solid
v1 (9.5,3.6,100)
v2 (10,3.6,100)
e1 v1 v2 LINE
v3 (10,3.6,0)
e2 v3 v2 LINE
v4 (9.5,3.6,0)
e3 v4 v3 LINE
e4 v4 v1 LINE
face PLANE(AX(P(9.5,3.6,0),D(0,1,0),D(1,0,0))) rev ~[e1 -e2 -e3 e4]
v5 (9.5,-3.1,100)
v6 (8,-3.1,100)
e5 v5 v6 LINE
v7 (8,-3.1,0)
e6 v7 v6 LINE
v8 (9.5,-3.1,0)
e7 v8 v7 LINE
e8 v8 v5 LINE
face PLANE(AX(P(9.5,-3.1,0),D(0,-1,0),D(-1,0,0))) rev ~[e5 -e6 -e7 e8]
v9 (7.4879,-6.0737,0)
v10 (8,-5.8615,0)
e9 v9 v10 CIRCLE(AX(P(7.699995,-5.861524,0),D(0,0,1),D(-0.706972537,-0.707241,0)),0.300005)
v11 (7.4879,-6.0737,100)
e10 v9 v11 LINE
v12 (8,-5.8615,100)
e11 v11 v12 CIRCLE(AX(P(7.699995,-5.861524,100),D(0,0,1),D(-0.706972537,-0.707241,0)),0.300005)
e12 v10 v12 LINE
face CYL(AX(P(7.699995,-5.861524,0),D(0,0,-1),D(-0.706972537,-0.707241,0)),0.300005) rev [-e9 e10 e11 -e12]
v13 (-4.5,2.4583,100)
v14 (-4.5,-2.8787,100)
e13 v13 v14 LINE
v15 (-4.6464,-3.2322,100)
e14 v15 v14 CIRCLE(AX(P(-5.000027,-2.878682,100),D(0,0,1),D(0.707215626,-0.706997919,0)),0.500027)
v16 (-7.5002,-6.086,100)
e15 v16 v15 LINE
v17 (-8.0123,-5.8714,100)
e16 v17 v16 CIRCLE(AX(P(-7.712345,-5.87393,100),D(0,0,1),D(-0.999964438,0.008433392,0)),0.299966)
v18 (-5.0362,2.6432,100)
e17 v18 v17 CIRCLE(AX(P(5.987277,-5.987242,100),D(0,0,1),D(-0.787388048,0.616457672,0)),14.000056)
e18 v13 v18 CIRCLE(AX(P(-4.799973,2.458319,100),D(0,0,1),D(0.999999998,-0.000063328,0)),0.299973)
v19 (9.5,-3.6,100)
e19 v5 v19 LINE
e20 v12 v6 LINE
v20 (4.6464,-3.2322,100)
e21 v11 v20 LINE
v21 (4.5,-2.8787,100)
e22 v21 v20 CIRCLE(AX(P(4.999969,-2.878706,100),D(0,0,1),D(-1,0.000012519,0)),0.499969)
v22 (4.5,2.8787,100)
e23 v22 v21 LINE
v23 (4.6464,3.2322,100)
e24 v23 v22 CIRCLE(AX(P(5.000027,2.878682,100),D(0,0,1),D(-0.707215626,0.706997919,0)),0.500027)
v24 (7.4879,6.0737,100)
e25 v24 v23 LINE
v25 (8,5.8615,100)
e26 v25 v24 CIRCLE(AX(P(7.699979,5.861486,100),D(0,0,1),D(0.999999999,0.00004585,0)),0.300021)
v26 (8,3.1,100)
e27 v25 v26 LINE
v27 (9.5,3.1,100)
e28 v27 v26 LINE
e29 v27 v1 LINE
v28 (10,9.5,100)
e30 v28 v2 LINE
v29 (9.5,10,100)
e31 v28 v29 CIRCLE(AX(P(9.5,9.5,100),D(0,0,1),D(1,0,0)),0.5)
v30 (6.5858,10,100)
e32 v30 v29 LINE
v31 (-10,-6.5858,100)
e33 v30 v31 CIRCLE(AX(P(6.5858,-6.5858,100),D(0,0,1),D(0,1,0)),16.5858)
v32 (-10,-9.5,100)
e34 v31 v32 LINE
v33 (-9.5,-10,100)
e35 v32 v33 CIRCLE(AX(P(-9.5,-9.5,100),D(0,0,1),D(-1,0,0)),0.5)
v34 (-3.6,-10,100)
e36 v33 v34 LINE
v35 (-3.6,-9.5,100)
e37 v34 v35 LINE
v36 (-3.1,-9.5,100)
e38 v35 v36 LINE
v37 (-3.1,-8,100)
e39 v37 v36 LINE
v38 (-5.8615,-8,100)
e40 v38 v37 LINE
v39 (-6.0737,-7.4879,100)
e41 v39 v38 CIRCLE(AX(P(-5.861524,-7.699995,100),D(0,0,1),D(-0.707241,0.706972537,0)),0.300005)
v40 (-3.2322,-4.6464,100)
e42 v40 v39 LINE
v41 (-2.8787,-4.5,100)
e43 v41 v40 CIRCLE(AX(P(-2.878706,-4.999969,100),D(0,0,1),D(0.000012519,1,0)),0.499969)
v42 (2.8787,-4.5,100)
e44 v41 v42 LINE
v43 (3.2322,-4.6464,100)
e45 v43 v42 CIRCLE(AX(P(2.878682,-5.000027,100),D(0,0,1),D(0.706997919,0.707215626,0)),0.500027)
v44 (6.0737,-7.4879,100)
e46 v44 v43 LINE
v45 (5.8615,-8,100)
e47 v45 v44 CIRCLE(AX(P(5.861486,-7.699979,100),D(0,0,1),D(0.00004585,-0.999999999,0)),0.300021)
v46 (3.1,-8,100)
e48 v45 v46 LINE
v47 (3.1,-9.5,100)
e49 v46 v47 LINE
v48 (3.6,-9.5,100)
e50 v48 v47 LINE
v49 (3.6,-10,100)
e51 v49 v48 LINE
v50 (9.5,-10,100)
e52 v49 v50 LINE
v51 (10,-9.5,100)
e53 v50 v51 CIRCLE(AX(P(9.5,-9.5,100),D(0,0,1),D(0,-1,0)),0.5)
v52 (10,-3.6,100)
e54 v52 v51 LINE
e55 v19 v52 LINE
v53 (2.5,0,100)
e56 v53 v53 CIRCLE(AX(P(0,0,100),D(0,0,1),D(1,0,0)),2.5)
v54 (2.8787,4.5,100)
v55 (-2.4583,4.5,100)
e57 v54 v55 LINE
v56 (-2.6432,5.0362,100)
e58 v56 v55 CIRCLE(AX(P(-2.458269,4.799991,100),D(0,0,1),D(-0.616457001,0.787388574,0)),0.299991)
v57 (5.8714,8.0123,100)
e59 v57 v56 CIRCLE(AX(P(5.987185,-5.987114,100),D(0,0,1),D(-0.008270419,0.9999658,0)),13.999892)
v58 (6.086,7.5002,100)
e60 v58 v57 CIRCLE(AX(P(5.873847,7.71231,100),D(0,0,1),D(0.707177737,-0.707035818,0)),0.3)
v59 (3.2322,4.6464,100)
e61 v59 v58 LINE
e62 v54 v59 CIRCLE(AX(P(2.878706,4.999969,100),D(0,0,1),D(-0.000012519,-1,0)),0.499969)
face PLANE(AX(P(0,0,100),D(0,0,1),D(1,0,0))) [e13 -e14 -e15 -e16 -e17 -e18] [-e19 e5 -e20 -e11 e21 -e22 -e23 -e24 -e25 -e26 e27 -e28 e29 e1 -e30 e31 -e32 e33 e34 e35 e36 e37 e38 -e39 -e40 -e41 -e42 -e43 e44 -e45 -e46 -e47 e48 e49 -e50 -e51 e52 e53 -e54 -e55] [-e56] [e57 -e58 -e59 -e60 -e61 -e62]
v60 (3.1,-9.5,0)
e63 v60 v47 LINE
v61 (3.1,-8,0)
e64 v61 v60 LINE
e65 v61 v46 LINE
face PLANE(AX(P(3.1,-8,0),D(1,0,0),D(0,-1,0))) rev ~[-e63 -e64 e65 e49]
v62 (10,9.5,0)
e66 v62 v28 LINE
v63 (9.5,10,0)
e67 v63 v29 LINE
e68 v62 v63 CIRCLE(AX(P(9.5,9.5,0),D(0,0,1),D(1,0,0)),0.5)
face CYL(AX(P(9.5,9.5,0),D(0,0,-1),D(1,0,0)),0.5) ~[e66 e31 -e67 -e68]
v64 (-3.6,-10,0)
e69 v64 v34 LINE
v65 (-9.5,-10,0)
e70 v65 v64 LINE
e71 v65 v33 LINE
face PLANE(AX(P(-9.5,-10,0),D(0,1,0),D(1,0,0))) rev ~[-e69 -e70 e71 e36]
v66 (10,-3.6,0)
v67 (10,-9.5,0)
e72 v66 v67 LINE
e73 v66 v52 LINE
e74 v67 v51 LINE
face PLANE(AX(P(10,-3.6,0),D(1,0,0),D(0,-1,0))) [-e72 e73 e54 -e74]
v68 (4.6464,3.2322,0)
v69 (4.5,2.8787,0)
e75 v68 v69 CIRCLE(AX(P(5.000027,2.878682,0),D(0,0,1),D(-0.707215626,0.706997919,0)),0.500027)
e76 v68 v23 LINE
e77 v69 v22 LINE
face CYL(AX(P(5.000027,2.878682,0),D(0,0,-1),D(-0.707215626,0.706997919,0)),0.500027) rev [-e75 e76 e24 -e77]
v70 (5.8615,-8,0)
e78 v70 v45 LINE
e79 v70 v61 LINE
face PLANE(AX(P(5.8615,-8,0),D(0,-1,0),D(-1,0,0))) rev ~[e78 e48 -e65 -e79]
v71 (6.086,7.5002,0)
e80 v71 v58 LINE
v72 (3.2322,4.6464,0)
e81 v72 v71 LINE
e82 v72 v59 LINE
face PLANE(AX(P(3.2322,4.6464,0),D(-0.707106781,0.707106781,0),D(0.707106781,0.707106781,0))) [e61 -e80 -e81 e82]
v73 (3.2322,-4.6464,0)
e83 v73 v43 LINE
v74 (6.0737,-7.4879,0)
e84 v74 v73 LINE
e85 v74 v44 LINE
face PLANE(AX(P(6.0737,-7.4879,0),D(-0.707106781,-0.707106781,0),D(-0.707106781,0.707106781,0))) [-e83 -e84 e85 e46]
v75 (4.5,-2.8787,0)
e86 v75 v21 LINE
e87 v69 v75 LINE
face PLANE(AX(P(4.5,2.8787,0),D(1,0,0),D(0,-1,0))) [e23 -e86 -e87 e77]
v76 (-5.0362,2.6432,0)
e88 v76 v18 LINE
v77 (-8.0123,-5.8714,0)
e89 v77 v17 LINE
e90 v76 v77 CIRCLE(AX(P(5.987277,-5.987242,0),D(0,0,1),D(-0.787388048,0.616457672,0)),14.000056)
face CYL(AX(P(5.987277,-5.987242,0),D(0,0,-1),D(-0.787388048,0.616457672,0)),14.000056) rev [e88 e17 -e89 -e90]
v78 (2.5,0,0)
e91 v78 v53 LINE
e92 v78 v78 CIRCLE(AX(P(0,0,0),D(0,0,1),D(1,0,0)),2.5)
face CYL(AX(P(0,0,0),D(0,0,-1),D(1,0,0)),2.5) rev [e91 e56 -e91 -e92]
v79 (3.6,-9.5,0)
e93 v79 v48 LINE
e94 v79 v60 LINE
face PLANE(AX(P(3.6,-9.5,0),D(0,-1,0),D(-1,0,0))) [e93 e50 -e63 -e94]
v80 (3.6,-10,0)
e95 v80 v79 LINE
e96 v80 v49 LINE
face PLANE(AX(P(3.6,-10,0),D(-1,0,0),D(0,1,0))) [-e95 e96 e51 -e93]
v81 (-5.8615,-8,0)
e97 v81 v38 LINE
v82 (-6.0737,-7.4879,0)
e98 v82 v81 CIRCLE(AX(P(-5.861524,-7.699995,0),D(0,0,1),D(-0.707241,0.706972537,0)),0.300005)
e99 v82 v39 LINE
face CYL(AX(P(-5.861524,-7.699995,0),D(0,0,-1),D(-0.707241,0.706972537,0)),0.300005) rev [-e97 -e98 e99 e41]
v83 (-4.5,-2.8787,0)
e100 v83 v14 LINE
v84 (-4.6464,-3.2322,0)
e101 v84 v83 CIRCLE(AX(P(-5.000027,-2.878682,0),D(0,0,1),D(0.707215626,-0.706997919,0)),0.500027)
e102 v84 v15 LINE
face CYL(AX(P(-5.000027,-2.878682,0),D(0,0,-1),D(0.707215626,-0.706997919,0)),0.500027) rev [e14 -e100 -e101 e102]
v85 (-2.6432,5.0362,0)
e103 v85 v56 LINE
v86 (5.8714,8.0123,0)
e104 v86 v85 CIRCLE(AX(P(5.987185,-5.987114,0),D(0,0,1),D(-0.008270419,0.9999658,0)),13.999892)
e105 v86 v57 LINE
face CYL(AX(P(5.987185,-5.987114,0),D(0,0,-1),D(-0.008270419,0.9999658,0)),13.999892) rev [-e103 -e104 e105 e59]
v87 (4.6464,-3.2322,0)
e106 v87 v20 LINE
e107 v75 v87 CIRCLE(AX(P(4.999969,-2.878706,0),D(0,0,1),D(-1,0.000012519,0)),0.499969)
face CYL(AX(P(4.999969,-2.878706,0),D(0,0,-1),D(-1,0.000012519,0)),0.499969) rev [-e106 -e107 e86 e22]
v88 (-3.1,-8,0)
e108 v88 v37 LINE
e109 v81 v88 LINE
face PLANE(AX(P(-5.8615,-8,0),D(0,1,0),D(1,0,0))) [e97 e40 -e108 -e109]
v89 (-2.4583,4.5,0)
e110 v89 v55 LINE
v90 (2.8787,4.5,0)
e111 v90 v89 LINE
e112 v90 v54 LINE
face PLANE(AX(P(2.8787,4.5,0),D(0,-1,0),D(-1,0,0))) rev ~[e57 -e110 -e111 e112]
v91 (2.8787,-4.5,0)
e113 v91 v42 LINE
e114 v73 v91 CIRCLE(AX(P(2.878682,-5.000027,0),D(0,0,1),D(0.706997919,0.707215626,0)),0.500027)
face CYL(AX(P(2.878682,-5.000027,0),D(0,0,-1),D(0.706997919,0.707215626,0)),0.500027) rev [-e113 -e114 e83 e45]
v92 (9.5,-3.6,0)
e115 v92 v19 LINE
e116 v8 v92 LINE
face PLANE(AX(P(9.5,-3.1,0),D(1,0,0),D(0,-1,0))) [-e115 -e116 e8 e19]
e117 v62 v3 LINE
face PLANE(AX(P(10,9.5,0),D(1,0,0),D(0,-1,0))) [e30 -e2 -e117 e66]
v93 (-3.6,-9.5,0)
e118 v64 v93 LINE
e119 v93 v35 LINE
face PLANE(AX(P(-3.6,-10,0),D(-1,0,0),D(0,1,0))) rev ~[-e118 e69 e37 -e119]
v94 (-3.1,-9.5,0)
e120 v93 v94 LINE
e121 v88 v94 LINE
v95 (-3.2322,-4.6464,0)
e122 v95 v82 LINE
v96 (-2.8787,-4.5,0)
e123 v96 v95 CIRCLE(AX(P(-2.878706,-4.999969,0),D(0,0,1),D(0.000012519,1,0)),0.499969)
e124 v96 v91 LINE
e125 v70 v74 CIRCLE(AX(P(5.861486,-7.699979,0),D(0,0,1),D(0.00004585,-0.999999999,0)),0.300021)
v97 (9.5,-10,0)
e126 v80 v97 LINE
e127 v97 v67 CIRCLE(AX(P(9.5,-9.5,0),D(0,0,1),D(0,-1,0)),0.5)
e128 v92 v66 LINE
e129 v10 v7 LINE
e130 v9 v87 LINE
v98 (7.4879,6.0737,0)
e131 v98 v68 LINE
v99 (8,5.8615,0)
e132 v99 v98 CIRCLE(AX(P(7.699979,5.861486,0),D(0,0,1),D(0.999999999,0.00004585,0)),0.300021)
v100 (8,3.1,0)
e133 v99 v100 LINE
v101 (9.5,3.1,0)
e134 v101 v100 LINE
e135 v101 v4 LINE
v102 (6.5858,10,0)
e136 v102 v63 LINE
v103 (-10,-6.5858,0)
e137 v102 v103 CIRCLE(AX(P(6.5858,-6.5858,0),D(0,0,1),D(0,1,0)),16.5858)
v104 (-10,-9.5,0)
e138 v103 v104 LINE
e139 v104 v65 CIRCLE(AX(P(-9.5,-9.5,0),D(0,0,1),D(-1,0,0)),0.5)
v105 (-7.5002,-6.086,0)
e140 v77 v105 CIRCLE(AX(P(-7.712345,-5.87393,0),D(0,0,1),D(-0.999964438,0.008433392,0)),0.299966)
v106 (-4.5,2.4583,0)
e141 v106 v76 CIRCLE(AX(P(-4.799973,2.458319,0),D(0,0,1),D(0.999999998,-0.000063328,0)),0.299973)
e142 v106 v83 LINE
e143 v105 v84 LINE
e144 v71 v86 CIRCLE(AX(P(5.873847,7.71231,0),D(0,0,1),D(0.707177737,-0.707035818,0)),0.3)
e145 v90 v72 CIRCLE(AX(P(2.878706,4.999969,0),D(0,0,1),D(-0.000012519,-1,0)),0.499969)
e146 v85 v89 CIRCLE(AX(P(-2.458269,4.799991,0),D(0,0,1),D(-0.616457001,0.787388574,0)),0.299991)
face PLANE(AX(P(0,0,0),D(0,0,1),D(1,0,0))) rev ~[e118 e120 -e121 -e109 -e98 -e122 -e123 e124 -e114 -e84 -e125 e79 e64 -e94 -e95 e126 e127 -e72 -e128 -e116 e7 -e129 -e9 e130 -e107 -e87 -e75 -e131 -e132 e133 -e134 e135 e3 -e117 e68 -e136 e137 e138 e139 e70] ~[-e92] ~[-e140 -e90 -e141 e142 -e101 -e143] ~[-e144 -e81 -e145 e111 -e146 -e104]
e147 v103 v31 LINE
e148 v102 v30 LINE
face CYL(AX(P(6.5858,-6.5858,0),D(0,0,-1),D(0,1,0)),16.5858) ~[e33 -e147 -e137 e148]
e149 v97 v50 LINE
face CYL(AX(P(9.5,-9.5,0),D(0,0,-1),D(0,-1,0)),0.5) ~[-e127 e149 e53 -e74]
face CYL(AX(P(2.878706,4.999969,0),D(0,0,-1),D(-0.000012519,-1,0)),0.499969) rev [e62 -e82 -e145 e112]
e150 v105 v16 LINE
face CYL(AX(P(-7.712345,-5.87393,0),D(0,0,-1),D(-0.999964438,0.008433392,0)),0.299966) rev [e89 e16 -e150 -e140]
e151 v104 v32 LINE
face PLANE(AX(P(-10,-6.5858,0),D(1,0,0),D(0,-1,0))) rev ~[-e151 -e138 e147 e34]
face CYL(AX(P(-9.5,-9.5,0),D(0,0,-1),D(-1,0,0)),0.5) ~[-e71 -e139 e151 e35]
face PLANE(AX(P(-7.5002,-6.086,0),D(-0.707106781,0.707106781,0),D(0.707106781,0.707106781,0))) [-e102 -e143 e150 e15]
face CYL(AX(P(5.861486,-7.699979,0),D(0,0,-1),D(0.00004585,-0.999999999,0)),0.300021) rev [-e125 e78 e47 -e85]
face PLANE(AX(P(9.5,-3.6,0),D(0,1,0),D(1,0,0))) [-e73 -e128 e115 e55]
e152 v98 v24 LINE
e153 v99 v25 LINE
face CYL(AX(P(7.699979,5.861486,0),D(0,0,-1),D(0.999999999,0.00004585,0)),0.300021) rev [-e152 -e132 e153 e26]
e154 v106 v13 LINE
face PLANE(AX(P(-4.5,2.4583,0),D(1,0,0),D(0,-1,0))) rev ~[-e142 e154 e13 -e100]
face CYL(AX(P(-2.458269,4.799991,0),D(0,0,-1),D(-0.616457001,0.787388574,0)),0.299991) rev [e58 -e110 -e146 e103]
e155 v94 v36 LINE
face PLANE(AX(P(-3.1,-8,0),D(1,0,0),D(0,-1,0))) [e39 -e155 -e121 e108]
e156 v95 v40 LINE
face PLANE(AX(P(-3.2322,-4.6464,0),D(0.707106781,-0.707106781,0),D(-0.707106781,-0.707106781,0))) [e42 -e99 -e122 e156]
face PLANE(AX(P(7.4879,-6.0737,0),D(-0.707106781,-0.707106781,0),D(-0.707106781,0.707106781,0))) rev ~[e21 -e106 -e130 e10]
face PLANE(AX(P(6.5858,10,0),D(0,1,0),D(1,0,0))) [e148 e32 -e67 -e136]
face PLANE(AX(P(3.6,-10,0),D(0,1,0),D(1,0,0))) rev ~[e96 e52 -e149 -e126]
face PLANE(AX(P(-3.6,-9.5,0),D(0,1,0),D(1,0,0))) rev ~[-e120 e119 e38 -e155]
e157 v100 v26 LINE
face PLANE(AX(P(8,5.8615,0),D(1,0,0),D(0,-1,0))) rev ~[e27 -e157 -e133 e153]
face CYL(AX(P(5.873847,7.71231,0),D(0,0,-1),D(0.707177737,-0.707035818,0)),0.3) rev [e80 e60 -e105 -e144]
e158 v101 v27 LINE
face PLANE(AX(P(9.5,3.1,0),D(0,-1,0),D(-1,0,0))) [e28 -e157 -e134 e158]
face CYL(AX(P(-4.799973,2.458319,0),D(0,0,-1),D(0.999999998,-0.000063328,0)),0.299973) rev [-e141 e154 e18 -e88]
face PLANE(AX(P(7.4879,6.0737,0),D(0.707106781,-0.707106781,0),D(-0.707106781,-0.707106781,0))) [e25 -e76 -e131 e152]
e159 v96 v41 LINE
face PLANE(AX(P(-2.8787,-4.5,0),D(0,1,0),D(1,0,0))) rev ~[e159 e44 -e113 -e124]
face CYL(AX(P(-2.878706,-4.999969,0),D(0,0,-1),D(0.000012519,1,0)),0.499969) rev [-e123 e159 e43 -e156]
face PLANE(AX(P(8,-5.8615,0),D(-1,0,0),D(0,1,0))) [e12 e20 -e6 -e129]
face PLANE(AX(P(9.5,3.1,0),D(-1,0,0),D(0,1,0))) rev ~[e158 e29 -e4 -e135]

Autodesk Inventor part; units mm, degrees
ref_plane "YZ Plane" through (0, 0, 0) normal (1, 0, 0) x (0, 1, 0)
ref_plane "XZ Plane" through (0, 0, 0) normal (0, 1, 0) x (-1, 0, 0)
ref_plane "XY Plane" through (0, 0, 0) normal (0, 0, 1) x (1, 0, 0)
sketch "Esboço1" plane through (0, 0, 0) normal (0, 0, 1) x (1, 0, 0)
  circle A0 centre (0, 0) radius 2.5
  line L0 (-10, 10) -> (10, 10) construction
  line L1 (10, 10) -> (10, 3.1) construction
  line L2 (8, 3.1) -> (10, 3.1) construction
  line L3 (10, 10) -> (0, 0) construction
  line L4 (-4.5, 4.5) -> (4.5, 4.5) construction
  line L5 (10, -3.1) -> (10, -10) construction
  line L6 (8, -3.1) -> (10, -3.1) construction
  line L7 (4.5, 4.5) -> (4.5, -4.5) construction
  line L8 (-4.5, -4.5) -> (4.5, -4.5) construction
  line L9 (-4.5, 4.5) -> (-4.5, -4.5) construction
  line L10 (8, 6.5858) -> (4.5, 3.0858) construction
  line L11 (8, 6.5858) -> (8, 3.1) construction
  line L12 (0, 0) -> (10, -10) construction
  line L13 (4.5, -3.0858) -> (8, -6.5858) construction
  line L14 (8, -3.1) -> (8, -6.5858) construction
  line L15 (3.0858, -4.5) -> (6.5858, -8) construction
  line L16 (3.1, -10) -> (10, -10) construction
  line L17 (3.1, -8) -> (3.1, -10) construction
  line L18 (3.1, -8) -> (6.5858, -8) construction
  line L19 (0, 0) -> (-10, -10) construction
  line L20 (-10, -10) -> (-3.1, -10) construction
  line L21 (-3.1, -8) -> (-3.1, -10) construction
  line L22 (-3.0858, -4.5) -> (-6.5858, -8) construction
  line L23 (-6.5858, -8) -> (-3.1, -8) construction
  line L24 (-4.5, -3.0858) -> (-8, -6.5858) construction
  arc A1 (-2.8787, -4.5) -> (-3.2322, -4.6464) centre (-2.8787, -5) ccw
  arc A2 (3.2322, -4.6464) -> (2.8787, -4.5) centre (2.8787, -5) ccw
  line L25 (-2.8787, -4.5) -> (2.8787, -4.5)
  line L26 (-3.2322, -4.6464) -> (-6.5858, -8) construction
  arc A3 (4.5, -2.8787) -> (4.6464, -3.2322) centre (5, -2.8787) ccw
  arc A4 (4.6464, 3.2322) -> (4.5, 2.8787) centre (5, 2.8787) ccw
  line L27 (-10, 10) -> (0, 0) construction
  line L28 (4.6464, 3.2322) -> (8, 6.5858) construction
  arc A5 (7.4879, -6.0737) -> (8, -5.8615) centre (7.7, -5.8615) ccw
  line L29 (7.4879, -6.0737) -> (4.6464, -3.2322)
  line L30 (8, -5.8615) -> (8, -3.1)
  arc A6 (5.8615, -8) -> (6.0737, -7.4879) centre (5.8615, -7.7) ccw
  line L31 (5.8615, -8) -> (3.1, -8)
  line L32 (6.0737, -7.4879) -> (3.2322, -4.6464)
  arc A7 (8, 5.8615) -> (7.4879, 6.0737) centre (7.7, 5.8615) ccw
  line L33 (7.4879, 6.0737) -> (4.6464, 3.2322)
  line L34 (8, 5.8615) -> (8, 3.1)
  line L35 (10, 3.1) -> (9.5, 3.1) construction
  line L36 (9.5, 3.1) -> (9.5, 3.6)
  line L37 (9.5, 3.6) -> (10, 3.6)
  line L38 (10, 3.6) -> (10, 3.1) construction
  line L39 (9.5, 3.1) -> (8, 3.1)
  line L40 (10, -3.1) -> (9.5, -3.1) construction
  line L41 (9.5, -3.1) -> (9.5, -3.6)
  line L42 (9.5, -3.6) -> (10, -3.6)
  line L43 (10, -3.6) -> (10, -3.1) construction
  line L44 (9.5, -3.1) -> (8, -3.1)
  line L45 (10, -3.6) -> (10, -10) construction
  line L46 (3.1, -10) -> (3.6, -10) construction
  line L47 (3.6, -10) -> (3.6, -9.5)
  line L48 (3.6, -9.5) -> (3.1, -9.5)
  line L49 (3.1, -9.5) -> (3.1, -10) construction
  line L50 (3.1, -8) -> (3.1, -9.5)
  line L51 (3.6, -10) -> (10, -10) construction
  line L52 (4.5, 2.8787) -> (4.5, -2.8787)
  line L53 (10, 10) -> (10, 3.6) construction
  line L54 (-4.5, 3.086) -> (-4.5, -3.0858) construction
  line L55 (6.5858, 8) -> (3.0858, 4.5) construction
  line L56 (3.0858, 4.5) -> (-3.086, 4.5)
  line L57 (-10, 10) -> (-10, -10) construction
  arc A8 (6.5858, 10) -> (-10, -6.5858) centre (6.5858, -6.5858) ccw
  arc A9 (6.5858, 8) -> (-8, -6.5858) centre (5.9872, -5.9872) ccw construction
  arc A10 (-4.5, 2.4583) -> (-5.0362, 2.6432) centre (-4.8, 2.4583) ccw
  arc A11 (-8.0123, -5.8714) -> (-7.5002, -6.086) centre (-7.7123, -5.8739) ccw
  arc A12 (-5.0362, 2.6432) -> (-8.0123, -5.8714) centre (5.9872, -5.9872) ccw
  arc A13 (-4.6464, -3.2322) -> (-4.5, -2.8787) centre (-5, -2.8787) ccw
  line L58 (-4.5, 2.4583) -> (-4.5, -2.8787)
  line L59 (-7.5002, -6.086) -> (-4.6464, -3.2322)
  line L60 (-10, -6.5858) -> (-10, -10) construction
  line L61 (6.5858, 10) -> (10, 10) construction
  arc A14 (-6.0737, -7.4879) -> (-5.8615, -8) centre (-5.8615, -7.7) ccw
  arc A15 (-2.6432, 5.0362) -> (-2.4583, 4.5) centre (-2.4583, 4.8) ccw
  arc A16 (6.086, 7.5002) -> (5.8714, 8.0123) centre (5.8739, 7.7123) ccw
  arc A17 (2.8787, 4.5) -> (3.2322, 4.6464) centre (2.8787, 5) ccw
  arc A18 (5.8714, 8.0123) -> (-2.6432, 5.0362) centre (5.9872, -5.9872) ccw
  line L62 (3.2322, 4.6464) -> (6.086, 7.5002)
  line L63 (-3.2322, -4.6464) -> (-6.0737, -7.4879)
  line L64 (-5.8615, -8) -> (-3.1, -8)
  line L65 (-3.1, -10) -> (-3.6, -10) construction
  line L66 (-3.6, -10) -> (-3.6, -9.5)
  line L67 (-3.6, -9.5) -> (-3.1, -9.5)
  line L68 (-3.1, -9.5) -> (-3.1, -10) construction
  line L69 (-3.1, -8) -> (-3.1, -9.5)
  line L70 (-10, -10) -> (-3.6, -10) construction
  arc A19 (-10, -9.5) -> (-9.5, -10) centre (-9.5, -9.5) ccw
  line L71 (-10, -6.5858) -> (-10, -9.5)
  line L72 (-9.5, -10) -> (-3.6, -10)
  arc A20 (9.5, -10) -> (10, -9.5) centre (9.5, -9.5) ccw
  line L73 (10, -3.6) -> (10, -9.5)
  line L74 (3.6, -10) -> (9.5, -10)
  arc A21 (10, 9.5) -> (9.5, 10) centre (9.5, 9.5) ccw
  line L75 (10, 9.5) -> (10, 3.6)
  line L76 (6.5858, 10) -> (9.5, 10)
  point P0 (0, 10)
  point P1 (-4.5, 0)
  point P2 (-6.55, -10)
  point P3 (2.8787, 4.5)
  point P4 (-2.4583, 4.5)
  dimension "d0" = 5
  dimension "d1" = 20
  dimension "d2" = 10
  dimension "d4" = 6.9
  dimension "d5" = 2
  dimension "d6" = 2
  dimension "d7" = 6.2
  dimension "d8" = 1
  dimension "d12" = 1
  dimension "d13" = 1
  dimension "d14" = 1
  dimension "d15" = 0.5
  dimension "d16" = 0.5
  dimension "d17" = 0.5
  dimension "d18" = 0.5
  dimension "d19" = 0.3
  dimension "d20" = 0.3
  dimension "d21" = 0.3
  dimension "d22" = 0.5
  dimension "d28" = 1.414
  dimension "d30" = 1
  dimension "d31" = 1.414
  dimension "d34" = 0.3
  dimension "d36" = 0.3
  dimension "d37" = 14
  dimension "d38" = 0.5
  dimension "d39" = 0.3
  dimension "d40" = 0.3
  dimension "d41" = 0.3
  dimension "d42" = 0.5
  dimension "d43" = 0.5
  dimension "d44" = 0.5
  dimension "d45" = 0.5
extrude "Extrusão1" add sketch "Esboço1" along normal blind 100
equation "\"d12\" = d8"
equation "\"d16\" = d15"
equation "\"d17\" = d15"
equation "\"d18\" = d15"
equation "\"d30\" = d8"
equation "\"d31\" = d28"
properties part number "Perfil_20×20_R90_001"
